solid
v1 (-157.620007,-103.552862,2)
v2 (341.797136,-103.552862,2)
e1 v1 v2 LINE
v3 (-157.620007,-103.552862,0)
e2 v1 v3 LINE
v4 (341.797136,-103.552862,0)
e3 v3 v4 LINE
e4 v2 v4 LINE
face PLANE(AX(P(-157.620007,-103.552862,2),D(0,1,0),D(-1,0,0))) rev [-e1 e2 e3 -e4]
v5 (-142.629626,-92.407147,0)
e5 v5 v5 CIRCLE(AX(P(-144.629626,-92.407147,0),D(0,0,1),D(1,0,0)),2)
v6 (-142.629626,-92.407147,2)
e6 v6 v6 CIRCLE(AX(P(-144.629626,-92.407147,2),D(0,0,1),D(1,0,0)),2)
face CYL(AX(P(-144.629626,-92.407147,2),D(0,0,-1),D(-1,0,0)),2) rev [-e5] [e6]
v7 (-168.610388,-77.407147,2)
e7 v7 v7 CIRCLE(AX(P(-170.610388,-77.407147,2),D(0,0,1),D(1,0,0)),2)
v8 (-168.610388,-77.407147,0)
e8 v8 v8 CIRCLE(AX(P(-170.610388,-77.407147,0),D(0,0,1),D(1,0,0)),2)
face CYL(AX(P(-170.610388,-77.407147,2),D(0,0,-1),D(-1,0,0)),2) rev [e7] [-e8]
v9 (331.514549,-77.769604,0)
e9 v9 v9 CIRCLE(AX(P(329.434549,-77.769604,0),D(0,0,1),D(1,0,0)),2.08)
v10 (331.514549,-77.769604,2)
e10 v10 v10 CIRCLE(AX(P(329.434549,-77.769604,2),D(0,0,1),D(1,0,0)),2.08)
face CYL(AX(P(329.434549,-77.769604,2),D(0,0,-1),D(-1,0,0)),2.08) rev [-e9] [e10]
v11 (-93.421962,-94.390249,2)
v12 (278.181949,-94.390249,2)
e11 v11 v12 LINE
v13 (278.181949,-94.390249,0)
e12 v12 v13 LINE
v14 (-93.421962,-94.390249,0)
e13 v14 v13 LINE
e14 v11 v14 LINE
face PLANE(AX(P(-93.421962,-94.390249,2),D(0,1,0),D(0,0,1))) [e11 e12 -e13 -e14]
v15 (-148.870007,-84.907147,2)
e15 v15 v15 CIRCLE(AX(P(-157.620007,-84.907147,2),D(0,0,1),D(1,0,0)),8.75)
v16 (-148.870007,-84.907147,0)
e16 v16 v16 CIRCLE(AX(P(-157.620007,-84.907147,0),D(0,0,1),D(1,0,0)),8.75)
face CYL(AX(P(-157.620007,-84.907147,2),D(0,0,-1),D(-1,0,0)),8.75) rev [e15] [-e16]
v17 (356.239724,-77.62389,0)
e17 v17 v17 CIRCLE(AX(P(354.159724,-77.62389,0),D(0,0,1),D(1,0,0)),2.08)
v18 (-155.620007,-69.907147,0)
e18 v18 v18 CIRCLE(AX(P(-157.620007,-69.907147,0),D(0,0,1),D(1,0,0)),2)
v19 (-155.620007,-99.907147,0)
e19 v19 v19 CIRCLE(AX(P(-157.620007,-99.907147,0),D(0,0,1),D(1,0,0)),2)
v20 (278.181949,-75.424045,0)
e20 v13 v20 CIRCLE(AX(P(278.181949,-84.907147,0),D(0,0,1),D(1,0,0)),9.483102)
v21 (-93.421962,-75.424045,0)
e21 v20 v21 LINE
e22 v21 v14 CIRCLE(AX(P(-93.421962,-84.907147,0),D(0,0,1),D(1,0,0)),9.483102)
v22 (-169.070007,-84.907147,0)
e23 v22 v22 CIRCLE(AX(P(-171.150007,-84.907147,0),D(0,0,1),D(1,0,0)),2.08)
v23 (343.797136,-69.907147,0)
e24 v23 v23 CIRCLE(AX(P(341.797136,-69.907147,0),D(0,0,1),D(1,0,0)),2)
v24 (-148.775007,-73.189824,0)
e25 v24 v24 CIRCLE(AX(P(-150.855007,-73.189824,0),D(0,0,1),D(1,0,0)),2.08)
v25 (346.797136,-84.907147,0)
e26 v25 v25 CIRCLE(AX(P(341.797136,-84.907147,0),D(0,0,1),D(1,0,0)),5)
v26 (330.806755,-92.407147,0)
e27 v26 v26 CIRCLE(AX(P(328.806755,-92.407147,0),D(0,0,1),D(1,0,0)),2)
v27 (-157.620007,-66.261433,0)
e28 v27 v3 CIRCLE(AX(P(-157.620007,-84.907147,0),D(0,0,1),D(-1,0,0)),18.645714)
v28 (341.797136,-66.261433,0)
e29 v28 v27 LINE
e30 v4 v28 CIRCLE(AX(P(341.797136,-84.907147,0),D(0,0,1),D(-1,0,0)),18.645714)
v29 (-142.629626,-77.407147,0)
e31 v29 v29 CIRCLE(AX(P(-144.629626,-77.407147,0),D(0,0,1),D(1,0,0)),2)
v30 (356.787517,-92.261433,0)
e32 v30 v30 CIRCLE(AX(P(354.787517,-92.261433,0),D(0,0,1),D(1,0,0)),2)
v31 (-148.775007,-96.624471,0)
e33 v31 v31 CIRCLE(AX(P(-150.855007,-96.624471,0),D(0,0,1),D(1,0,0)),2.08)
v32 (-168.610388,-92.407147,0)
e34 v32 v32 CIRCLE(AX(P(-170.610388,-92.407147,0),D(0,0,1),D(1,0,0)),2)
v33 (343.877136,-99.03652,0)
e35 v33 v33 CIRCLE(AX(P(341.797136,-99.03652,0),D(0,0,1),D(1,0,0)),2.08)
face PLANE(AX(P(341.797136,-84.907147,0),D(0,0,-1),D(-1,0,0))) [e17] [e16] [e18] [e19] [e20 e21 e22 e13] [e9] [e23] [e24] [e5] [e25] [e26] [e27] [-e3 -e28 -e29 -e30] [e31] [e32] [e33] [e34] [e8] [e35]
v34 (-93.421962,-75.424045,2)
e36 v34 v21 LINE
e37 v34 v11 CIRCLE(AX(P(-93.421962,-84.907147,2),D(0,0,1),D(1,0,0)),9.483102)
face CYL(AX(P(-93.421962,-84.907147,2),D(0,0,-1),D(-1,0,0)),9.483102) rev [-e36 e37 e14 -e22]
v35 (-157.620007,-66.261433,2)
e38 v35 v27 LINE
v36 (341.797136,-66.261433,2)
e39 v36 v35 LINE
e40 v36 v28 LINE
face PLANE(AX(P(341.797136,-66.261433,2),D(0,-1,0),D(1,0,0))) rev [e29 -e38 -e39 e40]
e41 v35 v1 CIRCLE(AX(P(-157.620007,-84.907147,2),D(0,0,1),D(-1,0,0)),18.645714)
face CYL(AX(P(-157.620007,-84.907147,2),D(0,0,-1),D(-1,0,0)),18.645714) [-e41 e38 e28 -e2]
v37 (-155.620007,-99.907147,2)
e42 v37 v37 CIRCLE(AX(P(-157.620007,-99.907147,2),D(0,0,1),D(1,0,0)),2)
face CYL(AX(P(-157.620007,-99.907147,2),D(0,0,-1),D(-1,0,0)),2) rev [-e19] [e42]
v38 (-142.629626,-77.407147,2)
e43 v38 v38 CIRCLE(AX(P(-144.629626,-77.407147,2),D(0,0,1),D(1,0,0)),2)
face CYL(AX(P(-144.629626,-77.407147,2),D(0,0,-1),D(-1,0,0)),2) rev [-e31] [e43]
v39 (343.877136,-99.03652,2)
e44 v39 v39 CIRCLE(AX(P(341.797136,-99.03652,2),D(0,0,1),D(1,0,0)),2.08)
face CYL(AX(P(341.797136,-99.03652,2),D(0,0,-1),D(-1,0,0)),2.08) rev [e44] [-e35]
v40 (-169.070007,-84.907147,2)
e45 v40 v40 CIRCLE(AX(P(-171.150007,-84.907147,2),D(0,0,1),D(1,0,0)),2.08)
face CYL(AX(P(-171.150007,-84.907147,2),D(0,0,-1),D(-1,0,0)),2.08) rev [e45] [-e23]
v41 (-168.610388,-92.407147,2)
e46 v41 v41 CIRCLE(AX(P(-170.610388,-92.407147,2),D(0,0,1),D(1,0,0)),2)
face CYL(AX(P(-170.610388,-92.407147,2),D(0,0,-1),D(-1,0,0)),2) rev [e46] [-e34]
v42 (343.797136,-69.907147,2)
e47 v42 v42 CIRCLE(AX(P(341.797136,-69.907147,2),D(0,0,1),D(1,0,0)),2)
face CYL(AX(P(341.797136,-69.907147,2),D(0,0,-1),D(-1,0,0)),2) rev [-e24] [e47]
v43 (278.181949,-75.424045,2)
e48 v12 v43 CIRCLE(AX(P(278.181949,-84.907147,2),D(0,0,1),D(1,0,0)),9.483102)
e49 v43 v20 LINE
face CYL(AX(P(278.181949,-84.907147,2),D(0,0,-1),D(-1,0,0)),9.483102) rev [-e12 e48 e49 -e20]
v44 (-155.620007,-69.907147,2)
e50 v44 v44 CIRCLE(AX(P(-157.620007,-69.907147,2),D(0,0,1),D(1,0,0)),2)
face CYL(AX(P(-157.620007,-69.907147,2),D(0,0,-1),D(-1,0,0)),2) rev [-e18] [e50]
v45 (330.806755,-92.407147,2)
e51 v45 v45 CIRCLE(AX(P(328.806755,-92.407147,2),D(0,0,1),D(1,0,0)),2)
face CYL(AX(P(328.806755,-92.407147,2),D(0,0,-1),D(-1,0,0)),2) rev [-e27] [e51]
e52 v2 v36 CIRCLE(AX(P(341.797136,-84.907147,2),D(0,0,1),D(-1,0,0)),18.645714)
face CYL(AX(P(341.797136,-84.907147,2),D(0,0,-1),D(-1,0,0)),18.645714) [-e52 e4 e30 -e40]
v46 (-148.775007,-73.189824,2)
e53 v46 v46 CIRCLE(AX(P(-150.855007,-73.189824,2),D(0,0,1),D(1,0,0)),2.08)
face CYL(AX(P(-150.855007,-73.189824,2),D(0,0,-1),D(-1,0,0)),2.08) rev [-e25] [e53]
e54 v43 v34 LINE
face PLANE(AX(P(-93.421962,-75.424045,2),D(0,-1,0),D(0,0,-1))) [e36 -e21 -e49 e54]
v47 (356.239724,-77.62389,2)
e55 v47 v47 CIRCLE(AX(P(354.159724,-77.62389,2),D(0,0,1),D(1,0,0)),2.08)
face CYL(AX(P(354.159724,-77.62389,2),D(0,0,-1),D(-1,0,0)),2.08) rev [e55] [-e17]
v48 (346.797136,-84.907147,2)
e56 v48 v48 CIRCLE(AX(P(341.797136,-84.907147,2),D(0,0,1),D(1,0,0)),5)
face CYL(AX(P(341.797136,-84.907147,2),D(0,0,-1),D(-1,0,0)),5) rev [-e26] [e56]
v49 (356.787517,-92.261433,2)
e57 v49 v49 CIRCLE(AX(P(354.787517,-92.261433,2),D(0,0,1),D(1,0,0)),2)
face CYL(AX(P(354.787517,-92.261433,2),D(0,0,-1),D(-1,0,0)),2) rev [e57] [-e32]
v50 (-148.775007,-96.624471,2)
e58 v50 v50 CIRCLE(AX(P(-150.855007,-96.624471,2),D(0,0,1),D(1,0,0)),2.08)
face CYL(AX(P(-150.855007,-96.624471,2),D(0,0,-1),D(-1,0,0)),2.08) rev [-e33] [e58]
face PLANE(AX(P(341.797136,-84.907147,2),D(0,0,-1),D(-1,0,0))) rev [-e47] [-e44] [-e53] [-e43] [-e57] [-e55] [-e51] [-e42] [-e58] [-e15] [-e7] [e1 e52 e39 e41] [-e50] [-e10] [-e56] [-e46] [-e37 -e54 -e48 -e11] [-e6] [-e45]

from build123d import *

# Parameters (mm, degrees)
SKETCH_1_R      = 5
SKETCH_1_R_2    = 2
SKETCH_1_R_3    = 2.08
SKETCH_1_R_4    = 8.75
EXTRUDE_1_DEPTH = 2


with BuildPart() as part:
    # 草图1 → 凸台-拉伸1 (new body)
    with BuildSketch(Plane.XY):
        with BuildLine():
            Line((341.797136251, -66.261433116), (-157.620006606, -66.261433116))
            ThreePointArc((-157.620006606, -66.261433116), (-176.265720892, -84.907147401), (-157.620006606, -103.552861687))
            Line((-157.620006606, -103.552861687), (341.797136251, -103.552861687))
            ThreePointArc((341.797136251, -103.552861687), (360.442850537, -84.907147401), (341.797136251, -66.261433116))
        make_face()
        with Locations((341.797136251, -84.907147401)):
            Circle(SKETCH_1_R, mode=Mode.SUBTRACT)
        with Locations((341.797136251, -69.907147401)):
            Circle(SKETCH_1_R_2, mode=Mode.SUBTRACT)
        with Locations((354.787517308, -92.261433116)):
            Circle(SKETCH_1_R_2, mode=Mode.SUBTRACT)
        with Locations((328.806755195, -92.407147401)):
            Circle(SKETCH_1_R_2, mode=Mode.SUBTRACT)
        with Locations((329.434548711, -77.769604157)):
            Circle(SKETCH_1_R_3, mode=Mode.SUBTRACT)
        with Locations((354.159723792, -77.623889871)):
            Circle(SKETCH_1_R_3, mode=Mode.SUBTRACT)
        with Locations((341.797136251, -99.036519604)):
            Circle(SKETCH_1_R_3, mode=Mode.SUBTRACT)
        with Locations((-157.620006606, -99.907147401)):
            Circle(SKETCH_1_R_2, mode=Mode.SUBTRACT)
        with Locations((-170.610387663, -92.407147401)):
            Circle(SKETCH_1_R_2, mode=Mode.SUBTRACT)
        with Locations((-170.610387663, -77.407147401)):
            Circle(SKETCH_1_R_2, mode=Mode.SUBTRACT)
        with Locations((-157.620006606, -69.907147401)):
            Circle(SKETCH_1_R_2, mode=Mode.SUBTRACT)
        with Locations((-144.629625549, -77.407147401)):
            Circle(SKETCH_1_R_2, mode=Mode.SUBTRACT)
        with Locations((-144.629625549, -92.407147401)):
            Circle(SKETCH_1_R_2, mode=Mode.SUBTRACT)
        with Locations((-171.150006606, -84.907147401)):
            Circle(SKETCH_1_R_3, mode=Mode.SUBTRACT)
        with Locations((-150.855006606, -73.189823688)):
            Circle(SKETCH_1_R_3, mode=Mode.SUBTRACT)
        with Locations((-150.855006606, -96.624471115)):
            Circle(SKETCH_1_R_3, mode=Mode.SUBTRACT)
        with Locations((-157.620006606, -84.907147401)):
            Circle(SKETCH_1_R_4, mode=Mode.SUBTRACT)
        with BuildLine():
            Line((-93.421962488, -75.424045387), (278.181949277, -75.424045387))
            ThreePointArc((278.181949277, -75.424045387), (287.665051291, -84.907147401), (278.181949277, -94.390249416))
            Line((278.181949277, -94.390249416), (-93.421962488, -94.390249416))
            ThreePointArc((-93.421962488, -94.390249416), (-102.905064503, -84.907147401), (-93.421962488, -75.424045387))
        make_face(mode=Mode.SUBTRACT)
    extrude(amount=EXTRUDE_1_DEPTH)


solid = part.part
